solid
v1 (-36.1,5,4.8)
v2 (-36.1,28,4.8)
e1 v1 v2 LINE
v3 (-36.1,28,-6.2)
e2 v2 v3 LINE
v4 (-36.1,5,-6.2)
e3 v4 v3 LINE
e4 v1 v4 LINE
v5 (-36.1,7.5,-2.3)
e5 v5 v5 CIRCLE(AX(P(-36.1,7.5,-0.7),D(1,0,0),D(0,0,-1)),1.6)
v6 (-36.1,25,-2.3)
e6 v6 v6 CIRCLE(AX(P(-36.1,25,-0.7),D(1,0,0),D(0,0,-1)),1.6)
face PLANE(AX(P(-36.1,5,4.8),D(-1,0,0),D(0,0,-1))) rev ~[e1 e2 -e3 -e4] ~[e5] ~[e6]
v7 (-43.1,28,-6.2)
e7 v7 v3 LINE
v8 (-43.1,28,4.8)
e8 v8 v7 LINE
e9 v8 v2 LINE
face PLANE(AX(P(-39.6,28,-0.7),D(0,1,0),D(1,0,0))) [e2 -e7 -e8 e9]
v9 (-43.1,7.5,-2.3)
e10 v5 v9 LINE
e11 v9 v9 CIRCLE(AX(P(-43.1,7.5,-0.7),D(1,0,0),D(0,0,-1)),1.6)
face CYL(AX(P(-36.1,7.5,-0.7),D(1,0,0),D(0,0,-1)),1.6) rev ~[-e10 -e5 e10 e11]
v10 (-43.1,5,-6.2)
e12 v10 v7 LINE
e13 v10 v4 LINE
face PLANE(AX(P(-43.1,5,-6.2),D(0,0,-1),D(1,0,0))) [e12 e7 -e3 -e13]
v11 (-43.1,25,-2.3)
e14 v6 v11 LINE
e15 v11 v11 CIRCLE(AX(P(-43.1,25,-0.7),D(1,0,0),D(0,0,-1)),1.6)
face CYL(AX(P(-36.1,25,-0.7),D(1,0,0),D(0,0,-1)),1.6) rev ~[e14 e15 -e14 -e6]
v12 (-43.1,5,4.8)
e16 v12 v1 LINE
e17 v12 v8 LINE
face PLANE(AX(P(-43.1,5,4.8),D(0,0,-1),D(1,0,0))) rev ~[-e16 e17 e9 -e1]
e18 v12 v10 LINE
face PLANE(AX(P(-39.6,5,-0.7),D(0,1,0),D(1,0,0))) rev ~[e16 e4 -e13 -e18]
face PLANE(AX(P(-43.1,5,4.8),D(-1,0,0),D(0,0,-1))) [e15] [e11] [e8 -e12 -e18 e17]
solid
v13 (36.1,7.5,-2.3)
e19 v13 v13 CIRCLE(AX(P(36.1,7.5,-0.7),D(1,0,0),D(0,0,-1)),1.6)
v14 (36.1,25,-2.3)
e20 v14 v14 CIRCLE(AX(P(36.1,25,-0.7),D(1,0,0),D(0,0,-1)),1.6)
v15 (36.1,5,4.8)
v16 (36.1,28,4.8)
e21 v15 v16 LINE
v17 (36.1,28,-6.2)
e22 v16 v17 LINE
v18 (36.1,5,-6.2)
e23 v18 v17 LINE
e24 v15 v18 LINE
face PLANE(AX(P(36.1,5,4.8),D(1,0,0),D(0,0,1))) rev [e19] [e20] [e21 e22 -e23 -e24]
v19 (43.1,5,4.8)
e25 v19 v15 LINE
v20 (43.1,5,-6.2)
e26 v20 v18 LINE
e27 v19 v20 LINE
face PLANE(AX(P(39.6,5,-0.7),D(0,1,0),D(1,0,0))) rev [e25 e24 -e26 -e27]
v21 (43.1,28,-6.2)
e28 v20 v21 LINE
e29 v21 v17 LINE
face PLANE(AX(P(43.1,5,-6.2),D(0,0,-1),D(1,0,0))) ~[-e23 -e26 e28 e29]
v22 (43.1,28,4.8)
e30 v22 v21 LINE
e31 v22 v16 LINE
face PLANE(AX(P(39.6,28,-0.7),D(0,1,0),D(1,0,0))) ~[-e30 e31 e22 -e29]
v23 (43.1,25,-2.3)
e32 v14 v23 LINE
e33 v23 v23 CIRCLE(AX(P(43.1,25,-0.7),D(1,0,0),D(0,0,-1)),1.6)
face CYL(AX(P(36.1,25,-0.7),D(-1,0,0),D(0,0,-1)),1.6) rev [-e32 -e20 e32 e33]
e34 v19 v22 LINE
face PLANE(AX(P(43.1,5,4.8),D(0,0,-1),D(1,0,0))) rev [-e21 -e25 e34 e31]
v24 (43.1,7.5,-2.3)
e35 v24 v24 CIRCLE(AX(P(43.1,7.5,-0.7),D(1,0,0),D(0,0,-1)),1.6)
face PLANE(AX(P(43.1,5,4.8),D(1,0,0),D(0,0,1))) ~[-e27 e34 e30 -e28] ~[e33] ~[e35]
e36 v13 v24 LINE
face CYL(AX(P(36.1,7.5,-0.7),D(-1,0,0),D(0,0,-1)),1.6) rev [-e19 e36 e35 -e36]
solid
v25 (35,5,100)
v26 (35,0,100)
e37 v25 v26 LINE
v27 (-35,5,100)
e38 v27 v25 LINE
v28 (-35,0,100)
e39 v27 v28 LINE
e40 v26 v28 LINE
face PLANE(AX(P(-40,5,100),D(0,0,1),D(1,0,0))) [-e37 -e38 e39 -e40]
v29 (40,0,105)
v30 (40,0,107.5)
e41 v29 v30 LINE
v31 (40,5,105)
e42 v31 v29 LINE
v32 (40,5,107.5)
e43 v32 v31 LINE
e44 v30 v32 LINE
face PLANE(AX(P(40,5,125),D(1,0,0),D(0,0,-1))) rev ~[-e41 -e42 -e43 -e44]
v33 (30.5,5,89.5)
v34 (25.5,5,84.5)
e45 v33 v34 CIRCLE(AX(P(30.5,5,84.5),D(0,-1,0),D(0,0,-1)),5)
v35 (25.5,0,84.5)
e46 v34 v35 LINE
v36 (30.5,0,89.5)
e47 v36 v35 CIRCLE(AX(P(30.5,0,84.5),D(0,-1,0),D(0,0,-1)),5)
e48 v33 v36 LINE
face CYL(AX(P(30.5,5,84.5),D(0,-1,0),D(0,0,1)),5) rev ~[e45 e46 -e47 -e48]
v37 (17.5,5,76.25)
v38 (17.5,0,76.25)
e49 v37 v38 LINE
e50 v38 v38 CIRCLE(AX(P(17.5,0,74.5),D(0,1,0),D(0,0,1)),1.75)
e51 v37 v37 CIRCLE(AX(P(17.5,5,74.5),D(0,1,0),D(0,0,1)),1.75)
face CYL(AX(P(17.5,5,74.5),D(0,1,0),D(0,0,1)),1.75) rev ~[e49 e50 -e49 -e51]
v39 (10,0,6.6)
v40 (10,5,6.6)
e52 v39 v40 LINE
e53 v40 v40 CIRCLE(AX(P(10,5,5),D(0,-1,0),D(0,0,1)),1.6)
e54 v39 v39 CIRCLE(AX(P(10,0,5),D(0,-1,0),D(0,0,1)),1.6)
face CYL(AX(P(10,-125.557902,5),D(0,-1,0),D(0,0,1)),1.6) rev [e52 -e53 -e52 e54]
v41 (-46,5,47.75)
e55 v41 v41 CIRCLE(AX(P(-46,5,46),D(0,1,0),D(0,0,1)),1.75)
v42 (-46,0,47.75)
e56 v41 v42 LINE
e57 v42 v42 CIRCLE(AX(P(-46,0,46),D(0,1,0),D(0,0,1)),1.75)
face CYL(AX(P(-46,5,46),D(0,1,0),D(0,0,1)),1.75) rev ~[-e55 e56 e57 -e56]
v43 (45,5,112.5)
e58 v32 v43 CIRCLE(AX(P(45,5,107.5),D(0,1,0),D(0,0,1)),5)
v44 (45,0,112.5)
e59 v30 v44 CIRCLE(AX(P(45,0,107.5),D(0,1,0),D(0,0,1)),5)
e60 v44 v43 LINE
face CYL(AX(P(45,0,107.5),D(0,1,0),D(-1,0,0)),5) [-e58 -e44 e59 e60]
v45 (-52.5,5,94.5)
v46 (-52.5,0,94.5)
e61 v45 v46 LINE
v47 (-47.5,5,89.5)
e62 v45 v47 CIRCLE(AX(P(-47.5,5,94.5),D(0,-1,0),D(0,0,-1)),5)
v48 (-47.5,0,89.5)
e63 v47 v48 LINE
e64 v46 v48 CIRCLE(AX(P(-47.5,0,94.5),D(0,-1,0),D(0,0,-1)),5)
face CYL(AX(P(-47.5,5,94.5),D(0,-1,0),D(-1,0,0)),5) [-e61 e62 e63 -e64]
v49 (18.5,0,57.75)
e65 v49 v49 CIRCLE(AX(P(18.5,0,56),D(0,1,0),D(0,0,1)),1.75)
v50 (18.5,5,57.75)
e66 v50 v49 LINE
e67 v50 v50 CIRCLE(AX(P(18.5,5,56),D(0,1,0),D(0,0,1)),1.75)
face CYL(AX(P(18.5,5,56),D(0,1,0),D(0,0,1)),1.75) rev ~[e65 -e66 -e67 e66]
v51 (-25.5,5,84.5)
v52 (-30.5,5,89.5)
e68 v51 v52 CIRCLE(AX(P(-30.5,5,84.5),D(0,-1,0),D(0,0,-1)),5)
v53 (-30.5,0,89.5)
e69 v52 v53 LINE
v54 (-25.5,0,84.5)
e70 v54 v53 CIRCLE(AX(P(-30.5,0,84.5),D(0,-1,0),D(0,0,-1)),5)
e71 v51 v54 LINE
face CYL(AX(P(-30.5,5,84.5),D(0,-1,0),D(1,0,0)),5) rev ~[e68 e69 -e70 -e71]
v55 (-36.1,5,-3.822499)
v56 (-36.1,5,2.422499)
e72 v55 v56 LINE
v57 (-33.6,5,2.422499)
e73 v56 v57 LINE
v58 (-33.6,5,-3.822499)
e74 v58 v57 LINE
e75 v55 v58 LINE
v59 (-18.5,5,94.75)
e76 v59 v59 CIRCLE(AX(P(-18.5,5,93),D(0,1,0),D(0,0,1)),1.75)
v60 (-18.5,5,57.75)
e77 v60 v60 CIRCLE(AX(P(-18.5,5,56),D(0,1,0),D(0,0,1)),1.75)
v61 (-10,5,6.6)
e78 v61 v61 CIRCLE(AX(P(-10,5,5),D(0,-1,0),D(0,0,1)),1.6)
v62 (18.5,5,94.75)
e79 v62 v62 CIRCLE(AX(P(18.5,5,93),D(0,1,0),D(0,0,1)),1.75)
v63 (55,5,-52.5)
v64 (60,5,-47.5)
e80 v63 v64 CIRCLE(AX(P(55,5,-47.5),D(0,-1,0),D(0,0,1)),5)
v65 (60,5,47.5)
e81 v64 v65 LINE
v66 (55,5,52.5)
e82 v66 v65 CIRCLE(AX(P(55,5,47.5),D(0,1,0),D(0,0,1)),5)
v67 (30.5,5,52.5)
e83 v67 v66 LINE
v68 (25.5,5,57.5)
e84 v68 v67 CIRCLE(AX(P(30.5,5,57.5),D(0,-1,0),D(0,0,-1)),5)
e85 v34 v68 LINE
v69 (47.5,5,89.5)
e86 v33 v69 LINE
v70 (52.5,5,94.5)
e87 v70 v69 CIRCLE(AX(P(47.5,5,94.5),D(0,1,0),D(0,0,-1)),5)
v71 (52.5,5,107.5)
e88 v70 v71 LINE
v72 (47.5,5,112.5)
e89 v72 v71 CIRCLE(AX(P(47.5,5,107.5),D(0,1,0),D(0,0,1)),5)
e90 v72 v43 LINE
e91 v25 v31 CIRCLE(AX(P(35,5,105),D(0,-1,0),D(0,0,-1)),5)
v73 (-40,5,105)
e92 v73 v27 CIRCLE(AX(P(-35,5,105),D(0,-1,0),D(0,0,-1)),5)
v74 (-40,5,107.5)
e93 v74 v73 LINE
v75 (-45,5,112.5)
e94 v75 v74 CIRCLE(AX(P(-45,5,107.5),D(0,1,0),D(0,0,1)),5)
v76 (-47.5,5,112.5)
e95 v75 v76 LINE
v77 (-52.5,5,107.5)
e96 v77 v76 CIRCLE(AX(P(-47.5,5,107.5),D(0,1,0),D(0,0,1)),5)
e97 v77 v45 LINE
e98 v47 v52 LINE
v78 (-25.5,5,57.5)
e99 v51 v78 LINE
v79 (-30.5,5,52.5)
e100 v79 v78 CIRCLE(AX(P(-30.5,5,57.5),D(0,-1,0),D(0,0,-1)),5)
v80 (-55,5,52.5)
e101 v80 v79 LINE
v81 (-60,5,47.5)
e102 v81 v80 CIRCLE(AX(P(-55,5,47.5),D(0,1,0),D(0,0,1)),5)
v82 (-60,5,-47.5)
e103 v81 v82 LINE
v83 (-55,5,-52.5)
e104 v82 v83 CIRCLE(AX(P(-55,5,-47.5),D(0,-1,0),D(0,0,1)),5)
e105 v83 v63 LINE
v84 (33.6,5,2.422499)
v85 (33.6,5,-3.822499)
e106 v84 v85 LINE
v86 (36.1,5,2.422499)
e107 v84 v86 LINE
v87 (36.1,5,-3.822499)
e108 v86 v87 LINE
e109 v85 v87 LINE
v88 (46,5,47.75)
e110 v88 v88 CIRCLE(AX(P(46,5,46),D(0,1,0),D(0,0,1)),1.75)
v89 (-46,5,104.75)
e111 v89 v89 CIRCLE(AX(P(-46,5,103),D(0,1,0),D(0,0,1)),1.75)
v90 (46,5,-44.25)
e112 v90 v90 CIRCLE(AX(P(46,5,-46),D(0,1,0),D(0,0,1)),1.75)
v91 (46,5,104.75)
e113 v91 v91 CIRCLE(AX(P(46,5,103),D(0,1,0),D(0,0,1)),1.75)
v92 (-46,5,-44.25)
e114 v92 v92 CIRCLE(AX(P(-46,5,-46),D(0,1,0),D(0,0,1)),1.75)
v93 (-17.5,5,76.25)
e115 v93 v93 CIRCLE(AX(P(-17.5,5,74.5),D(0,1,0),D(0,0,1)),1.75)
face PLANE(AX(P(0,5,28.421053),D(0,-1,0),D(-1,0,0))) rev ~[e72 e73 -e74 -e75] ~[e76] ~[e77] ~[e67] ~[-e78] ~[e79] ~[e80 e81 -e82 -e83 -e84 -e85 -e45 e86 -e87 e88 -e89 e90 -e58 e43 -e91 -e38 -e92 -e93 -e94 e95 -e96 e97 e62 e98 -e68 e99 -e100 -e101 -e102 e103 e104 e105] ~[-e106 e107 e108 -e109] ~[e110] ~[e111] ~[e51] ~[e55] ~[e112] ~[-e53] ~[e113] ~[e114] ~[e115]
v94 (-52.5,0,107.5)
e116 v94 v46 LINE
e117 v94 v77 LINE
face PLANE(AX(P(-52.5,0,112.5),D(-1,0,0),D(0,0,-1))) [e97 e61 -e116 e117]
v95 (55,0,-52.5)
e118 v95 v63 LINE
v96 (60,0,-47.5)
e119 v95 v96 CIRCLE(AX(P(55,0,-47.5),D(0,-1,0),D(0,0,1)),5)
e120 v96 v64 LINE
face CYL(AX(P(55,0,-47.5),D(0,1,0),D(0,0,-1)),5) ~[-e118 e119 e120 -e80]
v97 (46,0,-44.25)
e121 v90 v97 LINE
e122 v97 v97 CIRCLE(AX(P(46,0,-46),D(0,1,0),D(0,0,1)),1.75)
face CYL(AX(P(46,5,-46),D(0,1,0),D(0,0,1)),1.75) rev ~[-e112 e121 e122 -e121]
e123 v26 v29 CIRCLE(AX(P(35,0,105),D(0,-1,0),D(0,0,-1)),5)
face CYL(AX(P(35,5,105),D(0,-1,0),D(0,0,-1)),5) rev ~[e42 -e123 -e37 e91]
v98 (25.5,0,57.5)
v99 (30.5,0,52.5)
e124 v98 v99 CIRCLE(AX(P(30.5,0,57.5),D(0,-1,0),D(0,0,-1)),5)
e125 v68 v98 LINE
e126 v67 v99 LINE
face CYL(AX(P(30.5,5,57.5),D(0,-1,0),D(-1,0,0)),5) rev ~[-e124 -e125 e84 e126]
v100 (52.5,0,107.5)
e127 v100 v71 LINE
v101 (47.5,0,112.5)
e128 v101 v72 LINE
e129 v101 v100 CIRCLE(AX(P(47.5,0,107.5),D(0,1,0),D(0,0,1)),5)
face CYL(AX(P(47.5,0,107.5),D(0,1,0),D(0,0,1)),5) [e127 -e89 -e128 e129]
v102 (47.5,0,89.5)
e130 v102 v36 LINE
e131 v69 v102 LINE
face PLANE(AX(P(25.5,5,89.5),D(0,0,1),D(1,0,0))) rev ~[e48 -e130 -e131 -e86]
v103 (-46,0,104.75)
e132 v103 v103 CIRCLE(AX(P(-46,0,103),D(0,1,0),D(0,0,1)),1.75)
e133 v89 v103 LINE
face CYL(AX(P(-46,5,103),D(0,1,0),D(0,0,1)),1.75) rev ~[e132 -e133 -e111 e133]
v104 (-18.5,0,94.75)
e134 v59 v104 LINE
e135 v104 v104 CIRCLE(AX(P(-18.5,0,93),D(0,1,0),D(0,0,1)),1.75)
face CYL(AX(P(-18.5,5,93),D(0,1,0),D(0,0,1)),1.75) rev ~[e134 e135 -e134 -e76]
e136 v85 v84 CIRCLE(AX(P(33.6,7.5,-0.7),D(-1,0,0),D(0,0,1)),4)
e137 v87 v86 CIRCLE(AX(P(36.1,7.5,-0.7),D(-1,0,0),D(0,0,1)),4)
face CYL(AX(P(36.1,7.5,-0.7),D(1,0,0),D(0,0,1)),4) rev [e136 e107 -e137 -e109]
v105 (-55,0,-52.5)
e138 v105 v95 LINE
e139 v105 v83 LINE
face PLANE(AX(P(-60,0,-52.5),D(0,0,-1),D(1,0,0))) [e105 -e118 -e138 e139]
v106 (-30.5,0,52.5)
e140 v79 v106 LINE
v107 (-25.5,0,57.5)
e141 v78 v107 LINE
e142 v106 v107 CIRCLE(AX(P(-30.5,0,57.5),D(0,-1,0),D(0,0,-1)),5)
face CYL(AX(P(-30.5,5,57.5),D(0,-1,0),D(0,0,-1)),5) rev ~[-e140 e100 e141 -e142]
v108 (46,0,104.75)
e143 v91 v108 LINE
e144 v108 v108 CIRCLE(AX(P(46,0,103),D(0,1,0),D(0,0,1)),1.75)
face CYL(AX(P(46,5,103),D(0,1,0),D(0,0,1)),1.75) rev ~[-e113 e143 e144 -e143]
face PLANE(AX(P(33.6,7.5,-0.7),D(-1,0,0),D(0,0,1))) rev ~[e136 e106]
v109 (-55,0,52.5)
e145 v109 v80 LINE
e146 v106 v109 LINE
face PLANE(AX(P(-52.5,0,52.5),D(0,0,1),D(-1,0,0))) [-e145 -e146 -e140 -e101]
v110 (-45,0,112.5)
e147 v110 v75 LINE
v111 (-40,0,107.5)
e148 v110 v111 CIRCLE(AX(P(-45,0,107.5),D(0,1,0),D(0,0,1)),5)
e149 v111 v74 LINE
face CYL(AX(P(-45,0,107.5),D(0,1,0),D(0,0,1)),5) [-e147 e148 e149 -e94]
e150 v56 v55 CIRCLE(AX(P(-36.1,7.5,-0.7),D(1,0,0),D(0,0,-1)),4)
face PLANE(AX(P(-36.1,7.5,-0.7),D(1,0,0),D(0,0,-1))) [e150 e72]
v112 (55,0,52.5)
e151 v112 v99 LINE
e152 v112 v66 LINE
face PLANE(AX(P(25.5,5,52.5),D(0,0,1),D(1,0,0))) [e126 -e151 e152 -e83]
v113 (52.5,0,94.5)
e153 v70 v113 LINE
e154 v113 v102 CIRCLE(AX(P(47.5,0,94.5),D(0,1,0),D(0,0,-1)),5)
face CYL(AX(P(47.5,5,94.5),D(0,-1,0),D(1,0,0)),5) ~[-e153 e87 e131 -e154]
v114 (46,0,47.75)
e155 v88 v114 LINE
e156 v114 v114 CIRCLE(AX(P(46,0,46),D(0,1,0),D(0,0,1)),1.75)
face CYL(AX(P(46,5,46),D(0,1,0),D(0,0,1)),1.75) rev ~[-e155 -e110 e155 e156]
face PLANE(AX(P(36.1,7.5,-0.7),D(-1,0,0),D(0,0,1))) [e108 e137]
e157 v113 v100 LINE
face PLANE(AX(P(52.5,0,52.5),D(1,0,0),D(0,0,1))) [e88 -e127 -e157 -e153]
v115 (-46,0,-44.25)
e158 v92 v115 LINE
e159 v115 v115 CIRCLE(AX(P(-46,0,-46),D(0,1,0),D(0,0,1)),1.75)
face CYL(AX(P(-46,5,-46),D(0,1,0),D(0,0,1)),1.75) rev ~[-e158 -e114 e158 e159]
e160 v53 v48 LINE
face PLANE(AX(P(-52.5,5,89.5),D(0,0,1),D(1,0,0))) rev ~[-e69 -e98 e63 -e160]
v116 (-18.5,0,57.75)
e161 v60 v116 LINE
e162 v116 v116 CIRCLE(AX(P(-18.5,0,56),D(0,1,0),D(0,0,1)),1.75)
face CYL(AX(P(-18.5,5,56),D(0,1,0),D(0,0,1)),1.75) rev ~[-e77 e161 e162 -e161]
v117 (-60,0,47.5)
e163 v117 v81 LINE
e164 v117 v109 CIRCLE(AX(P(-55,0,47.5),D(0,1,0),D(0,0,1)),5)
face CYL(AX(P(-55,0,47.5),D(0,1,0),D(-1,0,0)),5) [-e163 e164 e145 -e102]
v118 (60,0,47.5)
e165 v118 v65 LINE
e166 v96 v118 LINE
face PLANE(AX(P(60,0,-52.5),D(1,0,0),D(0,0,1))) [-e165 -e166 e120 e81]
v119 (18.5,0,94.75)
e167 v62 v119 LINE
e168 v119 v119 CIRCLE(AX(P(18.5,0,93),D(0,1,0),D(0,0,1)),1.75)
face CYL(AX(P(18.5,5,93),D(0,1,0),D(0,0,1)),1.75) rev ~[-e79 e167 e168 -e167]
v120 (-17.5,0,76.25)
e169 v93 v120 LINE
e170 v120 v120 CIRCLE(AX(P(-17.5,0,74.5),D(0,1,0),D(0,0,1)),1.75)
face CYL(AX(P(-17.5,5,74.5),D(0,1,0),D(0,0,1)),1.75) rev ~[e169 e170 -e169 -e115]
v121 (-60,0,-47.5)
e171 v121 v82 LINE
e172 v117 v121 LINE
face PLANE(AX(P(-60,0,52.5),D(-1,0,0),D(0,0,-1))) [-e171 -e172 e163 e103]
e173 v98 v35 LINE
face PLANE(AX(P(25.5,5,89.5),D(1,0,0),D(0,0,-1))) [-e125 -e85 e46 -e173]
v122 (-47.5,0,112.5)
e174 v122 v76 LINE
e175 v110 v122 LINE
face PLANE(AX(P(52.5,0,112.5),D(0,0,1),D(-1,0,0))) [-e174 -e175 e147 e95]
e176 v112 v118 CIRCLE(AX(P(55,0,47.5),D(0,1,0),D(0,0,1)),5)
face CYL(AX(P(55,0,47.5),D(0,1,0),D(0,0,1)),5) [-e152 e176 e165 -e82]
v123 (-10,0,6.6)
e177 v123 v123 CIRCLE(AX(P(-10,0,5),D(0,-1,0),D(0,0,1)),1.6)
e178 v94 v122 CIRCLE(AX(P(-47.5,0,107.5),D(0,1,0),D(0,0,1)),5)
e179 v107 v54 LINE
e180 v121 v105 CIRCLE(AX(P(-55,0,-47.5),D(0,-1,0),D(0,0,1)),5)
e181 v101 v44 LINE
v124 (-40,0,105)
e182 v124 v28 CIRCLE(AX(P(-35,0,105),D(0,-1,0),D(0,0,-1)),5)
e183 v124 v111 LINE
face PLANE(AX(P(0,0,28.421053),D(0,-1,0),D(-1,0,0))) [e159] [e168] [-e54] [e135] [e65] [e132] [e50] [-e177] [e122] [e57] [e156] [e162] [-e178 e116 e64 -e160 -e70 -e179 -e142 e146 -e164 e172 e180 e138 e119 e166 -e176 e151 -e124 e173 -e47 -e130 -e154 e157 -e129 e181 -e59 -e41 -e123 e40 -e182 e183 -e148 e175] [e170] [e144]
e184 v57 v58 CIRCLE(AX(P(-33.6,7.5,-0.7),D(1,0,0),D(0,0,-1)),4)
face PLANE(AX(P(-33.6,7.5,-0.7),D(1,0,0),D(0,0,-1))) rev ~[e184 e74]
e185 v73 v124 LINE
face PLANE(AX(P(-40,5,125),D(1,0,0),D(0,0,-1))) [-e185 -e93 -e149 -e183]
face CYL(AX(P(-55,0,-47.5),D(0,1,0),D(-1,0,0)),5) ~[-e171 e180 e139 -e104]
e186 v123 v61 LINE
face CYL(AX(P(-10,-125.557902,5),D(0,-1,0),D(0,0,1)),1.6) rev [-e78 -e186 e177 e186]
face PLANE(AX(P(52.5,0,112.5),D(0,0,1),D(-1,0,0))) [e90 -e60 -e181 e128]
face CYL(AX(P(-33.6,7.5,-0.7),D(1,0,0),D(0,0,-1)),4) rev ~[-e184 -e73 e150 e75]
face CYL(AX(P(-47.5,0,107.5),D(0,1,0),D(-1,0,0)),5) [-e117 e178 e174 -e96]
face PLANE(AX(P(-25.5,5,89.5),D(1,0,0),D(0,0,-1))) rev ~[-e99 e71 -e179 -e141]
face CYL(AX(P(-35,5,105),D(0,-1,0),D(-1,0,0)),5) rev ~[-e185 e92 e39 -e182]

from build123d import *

# Parameters (mm, degrees)
EXTRUDE_1_DEPTH             = 5
SKETCH_2_W                  = 7
SKETCH_2_H                  = 11
EXTRUDE_2_DEPTH             = 23
SKETCH_3_R                  = 1.6
CUT_EXTRUDE_1_DEPTH         = 151.583730861
SKETCH_5_R                  = 1.75
CUT_EXTRUDE_1417_DEPTH      = 130.557902113
SKETCH2_R                   = 4
CUT_EXTRUDE1_DEPTH          = 2.5
CUT_EXTRUDE2_START          = 2.5
SKETCH3_R                   = 4
CUT_EXTRUDE2_DEPTH          = 2.5
CUT_EXTRUDE_2298_DEPTH      = 130.557902113
CUT_EXTRUDE_2298_DEPTH_BACK = 130.557902113
SKETCH4_R                   = 1.6
SKETCH6_R                   = 1.75
CUT_EXTRUDE_2672_DEPTH      = 130.557902113
SKETCH7_R                   = 1.75
CUT_EXTRUDE_3081_DEPTH      = 130.557902113
SKETCH9_R                   = 1.75
CUT_EXTRUDE_3619_DEPTH      = 130.557902113
SKETCH8_W                   = 80
SKETCH8_H                   = 25
CUT_EXTRUDE7_DEPTH          = 130.557902113
FILLET_1_R                  = 5
SKETCH10_W                  = 27
SKETCH10_H                  = 37
CUT_EXTRUDE8_DEPTH          = 130.557902113
FILLET3_R                   = 5


with BuildPart() as part:
    # 스케치1 → 보스-돌출1 (new body)
    with BuildSketch(Plane(origin=(0, 0, 0), x_dir=(1, 0, 0), z_dir=(0, 1, 0))):
        Polygon((-52.5, -52.5), (-60, -52.5), (-60, 52.5), (60, 52.5), (60, -52.5), (52.5, -52.5), (52.5, -112.5), (-52.5, -112.5), align=None)
    extrude(amount=EXTRUDE_1_DEPTH)

    # 스케치5 → Cut-Extrude 1417 (cut, through all)
    with BuildSketch(Plane(origin=(0, 5, 0), x_dir=(1, 0, 0), z_dir=(0, 1, 0))):
        with Locations(Location((-46, -46, 0), (0, 0, 270))):
            Circle(SKETCH_5_R)
        with Locations(Location((-46, 46, 0), (0, 0, 270))):
            Circle(SKETCH_5_R)
        with Locations(Location((46, 46, 0), (0, 0, 270))):
            Circle(SKETCH_5_R)
        with Locations(Location((46, -46, 0), (0, 0, 270))):
            Circle(SKETCH_5_R)
    extrude(amount=-CUT_EXTRUDE_1417_DEPTH, mode=Mode.SUBTRACT)

    # Sketch2 → Cut-Extrude1 (cut)
    with BuildSketch(Plane.ZY.offset(-36.1)):
        with Locations((-0.7, 7.5)):
            Circle(SKETCH2_R)
    extrude(amount=CUT_EXTRUDE1_DEPTH, mode=Mode.SUBTRACT)

    # Sketch3 → Cut-Extrude2 (cut)
    with BuildSketch(Plane(origin=(-36.1, 0, 0), x_dir=(0, 0, -1), z_dir=(1, 0, 0)).offset(CUT_EXTRUDE2_START)):
        with Locations((0.7, 7.5)):
            Circle(SKETCH3_R)
    extrude(amount=-CUT_EXTRUDE2_DEPTH, mode=Mode.SUBTRACT)

    # Sketch4 → Cut-Extrude 2298 (cut, two sides: drawn at the far end of the back side and taken through both)
    with BuildSketch(Plane(origin=(0, 5, 0), x_dir=(1, 0, 0), z_dir=(0, 1, 0)).offset(-CUT_EXTRUDE_2298_DEPTH_BACK)):
        with Locations(Location((-10, -5, 0), (0, 0, 270))):
            Circle(SKETCH4_R)
        with Locations(Location((10, -5, 0), (0, 0, 270))):
            Circle(SKETCH4_R)
    extrude(amount=CUT_EXTRUDE_2298_DEPTH + CUT_EXTRUDE_2298_DEPTH_BACK, mode=Mode.SUBTRACT)

    # Sketch6 → Cut-Extrude 2672 (cut, through all)
    with BuildSketch(Plane(origin=(0, 5, 0), x_dir=(1, 0, 0), z_dir=(0, 1, 0))):
        with Locations(Location((-18.5, -93, 0), (0, 0, 270))):
            Circle(SKETCH6_R)
        with Locations(Location((-18.5, -56, 0), (0, 0, 270))):
            Circle(SKETCH6_R)
        with Locations(Location((18.5, -56, 0), (0, 0, 270))):
            Circle(SKETCH6_R)
        with Locations(Location((18.5, -93, 0), (0, 0, 270))):
            Circle(SKETCH6_R)
    extrude(amount=-CUT_EXTRUDE_2672_DEPTH, mode=Mode.SUBTRACT)

    # Sketch7 → Cut-Extrude 3081 (cut, through all)
    with BuildSketch(Plane(origin=(0, 5, 0), x_dir=(1, 0, 0), z_dir=(0, 1, 0))):
        with Locations(Location((-46, -103, 0), (0, 0, 270))):
            Circle(SKETCH7_R)
        with Locations(Location((46, -103, 0), (0, 0, 270))):
            Circle(SKETCH7_R)
    extrude(amount=-CUT_EXTRUDE_3081_DEPTH, mode=Mode.SUBTRACT)

    # Sketch9 → Cut-Extrude 3619 (cut, through all)
    with BuildSketch(Plane(origin=(0, 5, 0), x_dir=(1, 0, 0), z_dir=(0, 1, 0))):
        with Locations(Location((-17.5, -74.5, 0), (0, 0, 270))):
            Circle(SKETCH9_R)
        with Locations(Location((17.5, -74.5, 0), (0, 0, 270))):
            Circle(SKETCH9_R)
    extrude(amount=-CUT_EXTRUDE_3619_DEPTH, mode=Mode.SUBTRACT)

    # Sketch8 → Cut-Extrude7 (cut, through all)
    with BuildSketch(Plane(origin=(0, 5, 0), x_dir=(1, 0, 0), z_dir=(0, 1, 0))):
        with Locations((0, -112.5)):
            Rectangle(SKETCH8_W, SKETCH8_H)
    extrude(amount=-CUT_EXTRUDE7_DEPTH, mode=Mode.SUBTRACT)

    # 필렛1
    fillet_1_edges = [part.edges().sort_by_distance(p)[0] for p in [
        (40, 2.5, 112.5),
        (40, 2.5, 100),
        (-40, 2.5, 112.5),
        (-40, 2.5, 100),
        (-60, 2.5, -52.5),
        (60, 2.5, -52.5),
        (52.5, 2.5, 112.5),
        (-52.5, 2.5, 112.5),
    ]]
    fillet(fillet_1_edges, radius=FILLET_1_R)

    # Sketch10 → Cut-Extrude8 (cut, through all)
    with BuildSketch(Plane(origin=(0, 5, 0), x_dir=(1, 0, 0), z_dir=(0, 1, 0))):
        with Locations((-39, -71)):
            Rectangle(SKETCH10_W, SKETCH10_H)
        with Locations((39, -71)):
            Rectangle(SKETCH10_W, SKETCH10_H)
    extrude(amount=-CUT_EXTRUDE8_DEPTH, mode=Mode.SUBTRACT)

    # Fillet3
    fillet3_edges = [part.edges().sort_by_distance(p)[0] for p in [
        (60, 2.5, 52.5),
        (-60, 2.5, 52.5),
        (-52.5, 2.5, 89.5),
        (-25.5, 2.5, 52.5),
        (-25.5, 2.5, 89.5),
        (25.5, 2.5, 52.5),
        (52.5, 2.5, 89.5),
        (25.5, 2.5, 89.5),
    ]]
    fillet(fillet3_edges, radius=FILLET3_R)


with BuildPart() as body_2:
    # 스케치2 → 보스-돌출2 (new body)
    with BuildSketch(Plane(origin=(0, 5, 0), x_dir=(1, 0, 0), z_dir=(0, 1, 0))):
        with Locations((-39.6, 0.7)):
            Rectangle(SKETCH_2_W, SKETCH_2_H)
    extrude(amount=EXTRUDE_2_DEPTH)

    # 스케치3 → 컷-돌출1 (cut, through all)
    with BuildSketch(Plane(origin=(-36.1, 0, 0), x_dir=(0, 0, -1), z_dir=(1, 0, 0))):
        with Locations((0.7, 25)):
            Circle(SKETCH_3_R)
        with Locations((0.7, 7.5)):
            Circle(SKETCH_3_R)
    extrude(amount=-CUT_EXTRUDE_1_DEPTH, mode=Mode.SUBTRACT)


with BuildPart() as body_3:
    # 대칭 복사1: mirrored copy
    add(body_2.part.mirror(Plane(origin=(0, 0, 0), x_dir=(0, 0, 1), z_dir=(1, 0, 0))))


solid = Compound([part.part, body_2.part, body_3.part])
